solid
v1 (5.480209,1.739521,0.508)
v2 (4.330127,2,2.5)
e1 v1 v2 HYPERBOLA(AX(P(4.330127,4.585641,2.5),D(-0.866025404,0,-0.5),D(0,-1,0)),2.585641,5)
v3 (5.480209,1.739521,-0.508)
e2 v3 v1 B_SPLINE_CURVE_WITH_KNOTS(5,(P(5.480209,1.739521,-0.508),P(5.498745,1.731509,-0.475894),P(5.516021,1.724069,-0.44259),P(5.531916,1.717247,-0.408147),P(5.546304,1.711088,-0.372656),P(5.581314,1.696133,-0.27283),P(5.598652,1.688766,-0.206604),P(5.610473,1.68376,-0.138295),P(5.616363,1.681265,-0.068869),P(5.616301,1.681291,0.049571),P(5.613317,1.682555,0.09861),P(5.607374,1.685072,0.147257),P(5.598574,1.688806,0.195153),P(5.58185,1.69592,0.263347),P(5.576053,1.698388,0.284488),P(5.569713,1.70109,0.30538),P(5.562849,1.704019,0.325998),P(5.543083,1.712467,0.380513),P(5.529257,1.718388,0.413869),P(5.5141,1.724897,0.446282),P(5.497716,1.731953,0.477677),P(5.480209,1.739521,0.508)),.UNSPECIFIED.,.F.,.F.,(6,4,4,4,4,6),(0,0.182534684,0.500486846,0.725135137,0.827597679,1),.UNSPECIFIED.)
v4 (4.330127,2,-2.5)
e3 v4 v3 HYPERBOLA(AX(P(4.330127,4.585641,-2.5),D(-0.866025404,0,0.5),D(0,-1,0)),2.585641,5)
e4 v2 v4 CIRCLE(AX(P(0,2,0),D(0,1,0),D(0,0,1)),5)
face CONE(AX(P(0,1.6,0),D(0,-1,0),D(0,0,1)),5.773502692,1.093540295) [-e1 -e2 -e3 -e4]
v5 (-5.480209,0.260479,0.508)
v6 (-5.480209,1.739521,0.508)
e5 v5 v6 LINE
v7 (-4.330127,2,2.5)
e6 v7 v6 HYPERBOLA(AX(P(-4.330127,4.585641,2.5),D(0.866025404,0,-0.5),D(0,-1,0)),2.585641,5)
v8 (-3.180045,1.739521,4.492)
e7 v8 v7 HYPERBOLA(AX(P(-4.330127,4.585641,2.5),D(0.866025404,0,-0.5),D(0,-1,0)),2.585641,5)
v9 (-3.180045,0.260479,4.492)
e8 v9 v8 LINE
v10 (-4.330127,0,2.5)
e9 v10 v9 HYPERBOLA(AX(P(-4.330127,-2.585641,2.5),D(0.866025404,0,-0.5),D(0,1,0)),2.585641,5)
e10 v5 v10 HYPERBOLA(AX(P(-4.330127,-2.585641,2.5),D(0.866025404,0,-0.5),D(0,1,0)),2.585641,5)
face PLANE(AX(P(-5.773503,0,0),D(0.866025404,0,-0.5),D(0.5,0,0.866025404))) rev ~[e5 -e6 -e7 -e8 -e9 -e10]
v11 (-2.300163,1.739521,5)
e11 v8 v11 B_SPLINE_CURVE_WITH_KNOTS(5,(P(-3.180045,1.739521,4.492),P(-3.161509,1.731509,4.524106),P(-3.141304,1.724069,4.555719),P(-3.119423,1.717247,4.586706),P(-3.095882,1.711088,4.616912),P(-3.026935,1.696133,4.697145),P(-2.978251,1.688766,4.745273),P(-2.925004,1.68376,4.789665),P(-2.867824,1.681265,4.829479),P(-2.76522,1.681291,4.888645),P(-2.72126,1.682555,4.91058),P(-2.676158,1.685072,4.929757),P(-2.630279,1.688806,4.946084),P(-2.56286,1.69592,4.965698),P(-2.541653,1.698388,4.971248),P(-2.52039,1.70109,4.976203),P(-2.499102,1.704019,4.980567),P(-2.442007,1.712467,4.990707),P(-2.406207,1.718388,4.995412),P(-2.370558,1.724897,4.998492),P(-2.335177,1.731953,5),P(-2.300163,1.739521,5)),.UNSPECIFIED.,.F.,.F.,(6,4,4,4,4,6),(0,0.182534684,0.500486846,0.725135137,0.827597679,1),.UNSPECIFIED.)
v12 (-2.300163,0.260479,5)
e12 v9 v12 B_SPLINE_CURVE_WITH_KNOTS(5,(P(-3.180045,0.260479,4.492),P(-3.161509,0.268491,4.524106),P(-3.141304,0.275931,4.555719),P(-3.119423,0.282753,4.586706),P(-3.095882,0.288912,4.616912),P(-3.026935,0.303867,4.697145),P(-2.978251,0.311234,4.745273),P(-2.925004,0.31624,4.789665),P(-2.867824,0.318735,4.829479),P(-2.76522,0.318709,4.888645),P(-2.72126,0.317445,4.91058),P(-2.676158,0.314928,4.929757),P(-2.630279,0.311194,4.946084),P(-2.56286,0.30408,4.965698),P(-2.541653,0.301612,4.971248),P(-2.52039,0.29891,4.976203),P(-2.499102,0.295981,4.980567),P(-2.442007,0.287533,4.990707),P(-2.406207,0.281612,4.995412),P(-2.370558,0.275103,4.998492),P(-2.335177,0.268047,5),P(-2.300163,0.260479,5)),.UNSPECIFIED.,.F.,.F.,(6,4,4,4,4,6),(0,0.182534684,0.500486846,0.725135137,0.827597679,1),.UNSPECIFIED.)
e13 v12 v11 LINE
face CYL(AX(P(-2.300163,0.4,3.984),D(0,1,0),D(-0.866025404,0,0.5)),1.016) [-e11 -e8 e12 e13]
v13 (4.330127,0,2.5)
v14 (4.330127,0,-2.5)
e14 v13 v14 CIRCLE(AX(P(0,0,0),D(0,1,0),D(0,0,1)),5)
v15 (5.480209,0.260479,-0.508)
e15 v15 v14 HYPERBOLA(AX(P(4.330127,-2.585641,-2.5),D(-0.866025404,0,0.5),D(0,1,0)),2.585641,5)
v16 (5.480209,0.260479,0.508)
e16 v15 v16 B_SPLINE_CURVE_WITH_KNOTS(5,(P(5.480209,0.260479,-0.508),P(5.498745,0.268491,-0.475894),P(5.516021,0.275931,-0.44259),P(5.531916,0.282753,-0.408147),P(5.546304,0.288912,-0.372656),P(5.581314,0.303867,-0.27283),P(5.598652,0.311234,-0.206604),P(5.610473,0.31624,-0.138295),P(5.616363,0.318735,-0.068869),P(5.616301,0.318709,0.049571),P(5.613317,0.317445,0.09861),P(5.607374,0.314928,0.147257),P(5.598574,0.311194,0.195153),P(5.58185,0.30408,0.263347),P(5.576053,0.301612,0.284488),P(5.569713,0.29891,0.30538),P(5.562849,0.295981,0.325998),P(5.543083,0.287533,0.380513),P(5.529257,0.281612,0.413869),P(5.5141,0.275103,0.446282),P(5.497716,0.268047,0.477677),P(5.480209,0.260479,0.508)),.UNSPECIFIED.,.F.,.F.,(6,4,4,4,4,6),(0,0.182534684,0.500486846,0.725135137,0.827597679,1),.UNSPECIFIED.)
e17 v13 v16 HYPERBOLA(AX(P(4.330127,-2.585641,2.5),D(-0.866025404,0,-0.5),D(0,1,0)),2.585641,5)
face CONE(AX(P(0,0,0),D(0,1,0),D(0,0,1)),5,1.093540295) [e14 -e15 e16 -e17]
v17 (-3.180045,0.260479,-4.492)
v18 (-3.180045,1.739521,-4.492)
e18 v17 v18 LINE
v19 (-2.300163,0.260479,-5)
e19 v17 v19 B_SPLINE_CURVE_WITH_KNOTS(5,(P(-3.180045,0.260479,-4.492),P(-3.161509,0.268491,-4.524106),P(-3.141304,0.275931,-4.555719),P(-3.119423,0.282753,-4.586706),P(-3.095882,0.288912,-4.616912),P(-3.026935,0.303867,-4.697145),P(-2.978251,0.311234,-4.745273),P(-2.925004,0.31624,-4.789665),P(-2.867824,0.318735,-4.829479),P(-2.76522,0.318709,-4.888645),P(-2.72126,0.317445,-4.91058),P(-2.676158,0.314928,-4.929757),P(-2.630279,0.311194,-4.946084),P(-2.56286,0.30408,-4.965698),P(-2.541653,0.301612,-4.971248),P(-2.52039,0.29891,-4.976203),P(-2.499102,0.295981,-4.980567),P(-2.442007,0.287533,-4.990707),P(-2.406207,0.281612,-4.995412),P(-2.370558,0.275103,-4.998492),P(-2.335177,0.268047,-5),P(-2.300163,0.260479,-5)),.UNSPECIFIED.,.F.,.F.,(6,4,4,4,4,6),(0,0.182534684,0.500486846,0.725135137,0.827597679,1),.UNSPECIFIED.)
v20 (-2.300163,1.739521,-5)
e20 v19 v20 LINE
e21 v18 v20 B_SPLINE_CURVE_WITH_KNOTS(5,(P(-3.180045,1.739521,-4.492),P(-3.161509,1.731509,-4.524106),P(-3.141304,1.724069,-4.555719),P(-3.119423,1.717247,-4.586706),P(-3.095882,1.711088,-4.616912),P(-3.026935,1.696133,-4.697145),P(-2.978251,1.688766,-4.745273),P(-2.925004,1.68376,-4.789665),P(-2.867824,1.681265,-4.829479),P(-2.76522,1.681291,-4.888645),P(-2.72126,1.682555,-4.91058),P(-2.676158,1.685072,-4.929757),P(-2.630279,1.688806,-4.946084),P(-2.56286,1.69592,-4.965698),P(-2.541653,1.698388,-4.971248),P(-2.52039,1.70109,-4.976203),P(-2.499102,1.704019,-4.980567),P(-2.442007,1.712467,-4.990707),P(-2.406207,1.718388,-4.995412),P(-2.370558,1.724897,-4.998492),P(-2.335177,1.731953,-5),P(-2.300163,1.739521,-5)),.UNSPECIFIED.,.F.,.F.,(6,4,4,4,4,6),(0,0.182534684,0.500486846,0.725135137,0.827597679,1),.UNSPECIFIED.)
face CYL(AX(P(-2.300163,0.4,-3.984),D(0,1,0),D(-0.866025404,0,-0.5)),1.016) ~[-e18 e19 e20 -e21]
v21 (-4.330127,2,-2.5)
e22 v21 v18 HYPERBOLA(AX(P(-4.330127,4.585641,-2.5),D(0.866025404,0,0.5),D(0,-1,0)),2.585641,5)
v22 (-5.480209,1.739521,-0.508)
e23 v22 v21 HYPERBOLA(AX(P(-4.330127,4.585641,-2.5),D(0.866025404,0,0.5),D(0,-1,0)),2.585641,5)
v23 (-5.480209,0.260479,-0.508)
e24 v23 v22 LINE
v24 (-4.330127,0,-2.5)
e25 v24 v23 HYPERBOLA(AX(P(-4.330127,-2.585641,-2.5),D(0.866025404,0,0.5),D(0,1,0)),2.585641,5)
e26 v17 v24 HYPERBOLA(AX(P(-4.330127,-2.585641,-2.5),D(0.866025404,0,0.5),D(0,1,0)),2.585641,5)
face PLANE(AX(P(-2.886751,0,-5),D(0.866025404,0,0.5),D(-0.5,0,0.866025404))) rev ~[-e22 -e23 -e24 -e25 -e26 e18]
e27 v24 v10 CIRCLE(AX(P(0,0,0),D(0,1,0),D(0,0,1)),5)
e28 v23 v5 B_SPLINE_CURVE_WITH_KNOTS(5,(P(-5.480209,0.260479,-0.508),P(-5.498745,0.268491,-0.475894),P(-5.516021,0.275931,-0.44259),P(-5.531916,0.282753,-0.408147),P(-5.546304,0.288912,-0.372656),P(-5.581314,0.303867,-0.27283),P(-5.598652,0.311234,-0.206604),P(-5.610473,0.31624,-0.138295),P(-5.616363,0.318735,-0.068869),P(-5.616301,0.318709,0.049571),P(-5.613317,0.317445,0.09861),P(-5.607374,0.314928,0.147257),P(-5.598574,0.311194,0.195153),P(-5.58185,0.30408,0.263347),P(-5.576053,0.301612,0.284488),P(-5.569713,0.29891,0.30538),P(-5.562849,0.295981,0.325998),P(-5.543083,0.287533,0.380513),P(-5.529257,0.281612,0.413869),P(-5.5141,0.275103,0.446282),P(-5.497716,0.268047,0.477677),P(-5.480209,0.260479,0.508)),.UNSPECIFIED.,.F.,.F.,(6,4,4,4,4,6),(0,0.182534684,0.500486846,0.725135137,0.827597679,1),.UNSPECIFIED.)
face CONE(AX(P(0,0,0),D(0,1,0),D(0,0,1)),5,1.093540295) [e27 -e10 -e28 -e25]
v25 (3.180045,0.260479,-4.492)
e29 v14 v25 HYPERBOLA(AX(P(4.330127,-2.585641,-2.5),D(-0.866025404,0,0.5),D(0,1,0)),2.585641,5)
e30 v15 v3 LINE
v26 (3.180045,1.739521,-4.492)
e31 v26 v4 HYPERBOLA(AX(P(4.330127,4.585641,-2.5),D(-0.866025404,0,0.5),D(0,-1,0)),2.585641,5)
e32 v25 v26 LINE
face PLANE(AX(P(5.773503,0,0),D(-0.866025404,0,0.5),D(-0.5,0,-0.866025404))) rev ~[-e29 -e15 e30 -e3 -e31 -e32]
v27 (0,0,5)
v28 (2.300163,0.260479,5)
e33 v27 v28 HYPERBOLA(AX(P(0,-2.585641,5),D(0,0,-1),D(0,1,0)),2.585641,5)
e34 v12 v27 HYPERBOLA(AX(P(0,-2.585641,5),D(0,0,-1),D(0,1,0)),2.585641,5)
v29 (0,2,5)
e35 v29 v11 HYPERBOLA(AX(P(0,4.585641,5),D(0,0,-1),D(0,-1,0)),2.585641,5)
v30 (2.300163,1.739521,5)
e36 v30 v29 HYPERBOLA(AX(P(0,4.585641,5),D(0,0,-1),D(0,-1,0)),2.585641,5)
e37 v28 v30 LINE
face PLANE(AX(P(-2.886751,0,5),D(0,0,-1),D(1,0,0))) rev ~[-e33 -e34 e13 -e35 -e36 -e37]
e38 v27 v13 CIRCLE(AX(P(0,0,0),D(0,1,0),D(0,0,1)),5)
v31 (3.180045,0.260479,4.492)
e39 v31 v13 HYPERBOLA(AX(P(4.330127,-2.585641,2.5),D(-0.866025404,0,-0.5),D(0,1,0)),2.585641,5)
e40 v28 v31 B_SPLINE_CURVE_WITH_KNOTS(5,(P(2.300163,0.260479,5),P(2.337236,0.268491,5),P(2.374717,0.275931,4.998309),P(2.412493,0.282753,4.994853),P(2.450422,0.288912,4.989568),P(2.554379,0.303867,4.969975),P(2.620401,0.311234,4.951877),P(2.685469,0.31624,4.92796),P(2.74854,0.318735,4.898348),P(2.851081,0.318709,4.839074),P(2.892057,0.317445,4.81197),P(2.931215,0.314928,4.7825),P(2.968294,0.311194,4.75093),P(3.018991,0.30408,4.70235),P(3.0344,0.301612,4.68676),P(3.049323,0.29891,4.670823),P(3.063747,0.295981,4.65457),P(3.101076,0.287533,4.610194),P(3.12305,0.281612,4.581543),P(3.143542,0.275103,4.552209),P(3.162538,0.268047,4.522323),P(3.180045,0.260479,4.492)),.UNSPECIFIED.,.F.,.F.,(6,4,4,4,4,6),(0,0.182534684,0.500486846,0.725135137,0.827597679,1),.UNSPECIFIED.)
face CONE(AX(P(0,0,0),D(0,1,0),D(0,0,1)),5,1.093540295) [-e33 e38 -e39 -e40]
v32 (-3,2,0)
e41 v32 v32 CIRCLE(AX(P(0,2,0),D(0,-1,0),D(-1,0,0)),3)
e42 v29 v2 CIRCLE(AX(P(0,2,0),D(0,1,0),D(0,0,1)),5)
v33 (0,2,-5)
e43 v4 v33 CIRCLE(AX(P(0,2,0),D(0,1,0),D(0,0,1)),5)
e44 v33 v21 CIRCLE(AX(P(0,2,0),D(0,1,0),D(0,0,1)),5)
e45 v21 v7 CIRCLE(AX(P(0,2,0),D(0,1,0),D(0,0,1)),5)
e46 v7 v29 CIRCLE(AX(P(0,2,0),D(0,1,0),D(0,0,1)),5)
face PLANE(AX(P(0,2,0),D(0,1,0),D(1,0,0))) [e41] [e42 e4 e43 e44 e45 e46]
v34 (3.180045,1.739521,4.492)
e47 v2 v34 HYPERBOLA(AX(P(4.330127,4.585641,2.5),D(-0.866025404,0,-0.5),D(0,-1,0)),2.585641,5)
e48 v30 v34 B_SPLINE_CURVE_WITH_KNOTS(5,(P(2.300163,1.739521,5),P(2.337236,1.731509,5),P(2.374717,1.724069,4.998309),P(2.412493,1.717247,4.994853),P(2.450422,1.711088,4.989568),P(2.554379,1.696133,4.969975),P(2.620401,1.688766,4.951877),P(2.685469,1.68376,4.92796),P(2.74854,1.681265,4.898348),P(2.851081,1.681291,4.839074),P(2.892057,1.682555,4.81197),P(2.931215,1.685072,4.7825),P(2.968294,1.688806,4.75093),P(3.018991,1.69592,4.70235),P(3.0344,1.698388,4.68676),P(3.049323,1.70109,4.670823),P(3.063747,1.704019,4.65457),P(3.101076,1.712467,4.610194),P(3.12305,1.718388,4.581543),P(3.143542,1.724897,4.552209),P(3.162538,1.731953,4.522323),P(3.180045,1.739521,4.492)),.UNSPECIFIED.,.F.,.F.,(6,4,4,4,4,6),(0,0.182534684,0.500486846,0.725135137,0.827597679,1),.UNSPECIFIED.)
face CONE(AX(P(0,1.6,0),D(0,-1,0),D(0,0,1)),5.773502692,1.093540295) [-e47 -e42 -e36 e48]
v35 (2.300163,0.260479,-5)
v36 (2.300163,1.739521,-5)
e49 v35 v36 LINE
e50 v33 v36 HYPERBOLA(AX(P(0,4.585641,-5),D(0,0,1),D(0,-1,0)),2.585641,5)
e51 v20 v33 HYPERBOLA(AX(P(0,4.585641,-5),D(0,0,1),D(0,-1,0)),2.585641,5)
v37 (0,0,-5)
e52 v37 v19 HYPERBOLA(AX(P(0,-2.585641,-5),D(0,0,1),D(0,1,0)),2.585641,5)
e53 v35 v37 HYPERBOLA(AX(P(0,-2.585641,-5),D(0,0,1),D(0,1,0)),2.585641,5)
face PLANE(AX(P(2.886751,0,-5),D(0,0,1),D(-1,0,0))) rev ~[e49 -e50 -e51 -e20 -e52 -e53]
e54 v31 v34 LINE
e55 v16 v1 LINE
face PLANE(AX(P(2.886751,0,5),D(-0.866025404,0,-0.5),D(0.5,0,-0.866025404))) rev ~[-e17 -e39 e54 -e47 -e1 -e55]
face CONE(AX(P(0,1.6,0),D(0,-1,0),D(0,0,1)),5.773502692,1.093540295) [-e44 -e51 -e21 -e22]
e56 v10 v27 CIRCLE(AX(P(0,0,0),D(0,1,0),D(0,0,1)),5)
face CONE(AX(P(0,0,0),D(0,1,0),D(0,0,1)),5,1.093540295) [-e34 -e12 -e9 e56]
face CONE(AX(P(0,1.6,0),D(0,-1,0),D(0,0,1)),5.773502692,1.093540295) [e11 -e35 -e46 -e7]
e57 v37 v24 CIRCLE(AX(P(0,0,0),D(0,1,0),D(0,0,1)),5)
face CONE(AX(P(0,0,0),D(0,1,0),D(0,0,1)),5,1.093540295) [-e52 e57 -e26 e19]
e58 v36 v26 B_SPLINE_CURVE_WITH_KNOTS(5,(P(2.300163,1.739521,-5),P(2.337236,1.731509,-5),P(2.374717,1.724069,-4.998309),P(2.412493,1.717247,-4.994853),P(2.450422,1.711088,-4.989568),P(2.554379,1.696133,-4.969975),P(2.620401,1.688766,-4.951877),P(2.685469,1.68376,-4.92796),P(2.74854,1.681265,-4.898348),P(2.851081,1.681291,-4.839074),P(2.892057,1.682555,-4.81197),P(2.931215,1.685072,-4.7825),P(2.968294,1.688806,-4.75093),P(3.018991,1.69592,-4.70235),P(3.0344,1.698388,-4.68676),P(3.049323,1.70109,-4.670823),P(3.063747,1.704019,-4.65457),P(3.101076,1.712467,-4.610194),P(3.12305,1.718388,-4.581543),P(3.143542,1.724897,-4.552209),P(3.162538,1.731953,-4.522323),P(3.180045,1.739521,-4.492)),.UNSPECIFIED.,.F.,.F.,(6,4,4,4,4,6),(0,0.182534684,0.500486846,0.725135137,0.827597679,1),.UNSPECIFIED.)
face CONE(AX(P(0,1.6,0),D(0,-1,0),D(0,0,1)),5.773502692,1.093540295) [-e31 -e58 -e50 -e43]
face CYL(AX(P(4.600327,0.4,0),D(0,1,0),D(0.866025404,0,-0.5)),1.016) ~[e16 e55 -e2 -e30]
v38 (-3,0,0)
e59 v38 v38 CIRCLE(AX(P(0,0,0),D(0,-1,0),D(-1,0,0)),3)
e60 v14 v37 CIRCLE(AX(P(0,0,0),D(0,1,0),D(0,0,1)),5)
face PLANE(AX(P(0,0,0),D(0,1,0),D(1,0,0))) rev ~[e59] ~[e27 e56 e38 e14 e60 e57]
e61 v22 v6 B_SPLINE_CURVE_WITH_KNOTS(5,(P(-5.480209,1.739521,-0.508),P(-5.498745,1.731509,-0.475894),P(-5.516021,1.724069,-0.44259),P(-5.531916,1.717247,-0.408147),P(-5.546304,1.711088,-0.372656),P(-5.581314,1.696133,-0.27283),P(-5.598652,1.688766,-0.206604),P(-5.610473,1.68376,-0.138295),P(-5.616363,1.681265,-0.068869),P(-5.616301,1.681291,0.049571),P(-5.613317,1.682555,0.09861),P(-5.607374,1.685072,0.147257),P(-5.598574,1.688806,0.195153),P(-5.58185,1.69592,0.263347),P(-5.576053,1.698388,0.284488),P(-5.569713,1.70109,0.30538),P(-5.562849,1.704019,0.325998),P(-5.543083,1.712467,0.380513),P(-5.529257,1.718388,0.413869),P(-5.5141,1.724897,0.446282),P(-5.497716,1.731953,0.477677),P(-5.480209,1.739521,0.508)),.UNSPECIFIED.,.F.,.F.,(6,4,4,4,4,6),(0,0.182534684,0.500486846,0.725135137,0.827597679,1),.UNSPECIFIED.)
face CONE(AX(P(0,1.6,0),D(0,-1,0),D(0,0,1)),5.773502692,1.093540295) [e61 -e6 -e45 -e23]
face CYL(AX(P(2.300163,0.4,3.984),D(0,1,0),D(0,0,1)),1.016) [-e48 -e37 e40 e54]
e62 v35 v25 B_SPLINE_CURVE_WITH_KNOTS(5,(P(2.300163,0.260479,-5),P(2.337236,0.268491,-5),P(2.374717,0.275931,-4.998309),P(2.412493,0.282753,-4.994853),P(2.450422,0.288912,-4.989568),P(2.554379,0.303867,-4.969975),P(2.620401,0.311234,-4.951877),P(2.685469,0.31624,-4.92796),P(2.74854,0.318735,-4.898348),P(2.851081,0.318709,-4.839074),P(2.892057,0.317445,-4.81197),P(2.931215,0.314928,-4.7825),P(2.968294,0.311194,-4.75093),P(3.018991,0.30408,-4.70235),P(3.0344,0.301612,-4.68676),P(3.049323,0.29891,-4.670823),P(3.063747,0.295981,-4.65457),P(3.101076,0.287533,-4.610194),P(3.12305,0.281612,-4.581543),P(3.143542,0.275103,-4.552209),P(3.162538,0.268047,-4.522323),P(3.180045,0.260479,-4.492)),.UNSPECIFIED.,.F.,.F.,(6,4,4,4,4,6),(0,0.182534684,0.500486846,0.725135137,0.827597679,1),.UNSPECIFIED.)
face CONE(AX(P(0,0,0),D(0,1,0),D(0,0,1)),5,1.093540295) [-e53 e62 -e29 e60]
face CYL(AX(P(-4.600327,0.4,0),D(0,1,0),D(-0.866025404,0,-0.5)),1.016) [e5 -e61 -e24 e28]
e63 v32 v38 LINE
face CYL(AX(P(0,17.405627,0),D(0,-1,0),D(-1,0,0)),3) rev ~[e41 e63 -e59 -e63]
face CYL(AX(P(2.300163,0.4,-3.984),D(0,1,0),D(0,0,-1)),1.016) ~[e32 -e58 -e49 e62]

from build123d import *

# Parameters (mm, degrees)
BOSS_EXTRUDE1_DEPTH   = 2
M7X1_0_TAPPED_HOLE1_D = 6
FILLET1_R             = 1.016


with BuildPart() as part:
    # Sketch1 → Boss-Extrude1 (new body)
    with BuildSketch(Plane(origin=(0, 0, 0), x_dir=(1, 0, 0), z_dir=(0, 1, 0))):
        Polygon((-2.886751346, 5), (-5.773502692, 0), (-2.886751346, -5), (2.886751346, -5), (5.773502692, 0), (2.886751346, 5), align=None)
    extrude(amount=BOSS_EXTRUDE1_DEPTH)

    # M7x1.0 Tapped Hole1 (through all)
    with Locations(Plane(origin=(0, 2, 0), x_dir=(1, 0, 0), z_dir=(0, 1, 0))):
        with Locations((0, 0)):
            Hole(M7X1_0_TAPPED_HOLE1_D / 2)

    # Sketch4 → Cut-Revolve1 (revolve, cut)
    with BuildSketch(Plane.XY):
        Polygon((5.773502692, 1.6), (5.773502692, 2), (5, 2), align=None)
        Polygon((5, 0), (5.773502692, 0), (5.773502692, 0.4), align=None)
    revolve(axis=Axis((0, 0, 0), (0, 1, 0)), mode=Mode.SUBTRACT)

    # Fillet1
    fillet1_edges = [part.edges().sort_by_distance(p)[0] for p in [
        (2.886751346, 1, 5),
        (-2.886751346, 1, 5),
        (-5.773502692, 1, 0),
        (-2.886751346, 1, -5),
        (2.886751346, 1, -5),
        (5.773502692, 1, 0),
    ]]
    fillet(fillet1_edges, radius=FILLET1_R)


solid = part.part
